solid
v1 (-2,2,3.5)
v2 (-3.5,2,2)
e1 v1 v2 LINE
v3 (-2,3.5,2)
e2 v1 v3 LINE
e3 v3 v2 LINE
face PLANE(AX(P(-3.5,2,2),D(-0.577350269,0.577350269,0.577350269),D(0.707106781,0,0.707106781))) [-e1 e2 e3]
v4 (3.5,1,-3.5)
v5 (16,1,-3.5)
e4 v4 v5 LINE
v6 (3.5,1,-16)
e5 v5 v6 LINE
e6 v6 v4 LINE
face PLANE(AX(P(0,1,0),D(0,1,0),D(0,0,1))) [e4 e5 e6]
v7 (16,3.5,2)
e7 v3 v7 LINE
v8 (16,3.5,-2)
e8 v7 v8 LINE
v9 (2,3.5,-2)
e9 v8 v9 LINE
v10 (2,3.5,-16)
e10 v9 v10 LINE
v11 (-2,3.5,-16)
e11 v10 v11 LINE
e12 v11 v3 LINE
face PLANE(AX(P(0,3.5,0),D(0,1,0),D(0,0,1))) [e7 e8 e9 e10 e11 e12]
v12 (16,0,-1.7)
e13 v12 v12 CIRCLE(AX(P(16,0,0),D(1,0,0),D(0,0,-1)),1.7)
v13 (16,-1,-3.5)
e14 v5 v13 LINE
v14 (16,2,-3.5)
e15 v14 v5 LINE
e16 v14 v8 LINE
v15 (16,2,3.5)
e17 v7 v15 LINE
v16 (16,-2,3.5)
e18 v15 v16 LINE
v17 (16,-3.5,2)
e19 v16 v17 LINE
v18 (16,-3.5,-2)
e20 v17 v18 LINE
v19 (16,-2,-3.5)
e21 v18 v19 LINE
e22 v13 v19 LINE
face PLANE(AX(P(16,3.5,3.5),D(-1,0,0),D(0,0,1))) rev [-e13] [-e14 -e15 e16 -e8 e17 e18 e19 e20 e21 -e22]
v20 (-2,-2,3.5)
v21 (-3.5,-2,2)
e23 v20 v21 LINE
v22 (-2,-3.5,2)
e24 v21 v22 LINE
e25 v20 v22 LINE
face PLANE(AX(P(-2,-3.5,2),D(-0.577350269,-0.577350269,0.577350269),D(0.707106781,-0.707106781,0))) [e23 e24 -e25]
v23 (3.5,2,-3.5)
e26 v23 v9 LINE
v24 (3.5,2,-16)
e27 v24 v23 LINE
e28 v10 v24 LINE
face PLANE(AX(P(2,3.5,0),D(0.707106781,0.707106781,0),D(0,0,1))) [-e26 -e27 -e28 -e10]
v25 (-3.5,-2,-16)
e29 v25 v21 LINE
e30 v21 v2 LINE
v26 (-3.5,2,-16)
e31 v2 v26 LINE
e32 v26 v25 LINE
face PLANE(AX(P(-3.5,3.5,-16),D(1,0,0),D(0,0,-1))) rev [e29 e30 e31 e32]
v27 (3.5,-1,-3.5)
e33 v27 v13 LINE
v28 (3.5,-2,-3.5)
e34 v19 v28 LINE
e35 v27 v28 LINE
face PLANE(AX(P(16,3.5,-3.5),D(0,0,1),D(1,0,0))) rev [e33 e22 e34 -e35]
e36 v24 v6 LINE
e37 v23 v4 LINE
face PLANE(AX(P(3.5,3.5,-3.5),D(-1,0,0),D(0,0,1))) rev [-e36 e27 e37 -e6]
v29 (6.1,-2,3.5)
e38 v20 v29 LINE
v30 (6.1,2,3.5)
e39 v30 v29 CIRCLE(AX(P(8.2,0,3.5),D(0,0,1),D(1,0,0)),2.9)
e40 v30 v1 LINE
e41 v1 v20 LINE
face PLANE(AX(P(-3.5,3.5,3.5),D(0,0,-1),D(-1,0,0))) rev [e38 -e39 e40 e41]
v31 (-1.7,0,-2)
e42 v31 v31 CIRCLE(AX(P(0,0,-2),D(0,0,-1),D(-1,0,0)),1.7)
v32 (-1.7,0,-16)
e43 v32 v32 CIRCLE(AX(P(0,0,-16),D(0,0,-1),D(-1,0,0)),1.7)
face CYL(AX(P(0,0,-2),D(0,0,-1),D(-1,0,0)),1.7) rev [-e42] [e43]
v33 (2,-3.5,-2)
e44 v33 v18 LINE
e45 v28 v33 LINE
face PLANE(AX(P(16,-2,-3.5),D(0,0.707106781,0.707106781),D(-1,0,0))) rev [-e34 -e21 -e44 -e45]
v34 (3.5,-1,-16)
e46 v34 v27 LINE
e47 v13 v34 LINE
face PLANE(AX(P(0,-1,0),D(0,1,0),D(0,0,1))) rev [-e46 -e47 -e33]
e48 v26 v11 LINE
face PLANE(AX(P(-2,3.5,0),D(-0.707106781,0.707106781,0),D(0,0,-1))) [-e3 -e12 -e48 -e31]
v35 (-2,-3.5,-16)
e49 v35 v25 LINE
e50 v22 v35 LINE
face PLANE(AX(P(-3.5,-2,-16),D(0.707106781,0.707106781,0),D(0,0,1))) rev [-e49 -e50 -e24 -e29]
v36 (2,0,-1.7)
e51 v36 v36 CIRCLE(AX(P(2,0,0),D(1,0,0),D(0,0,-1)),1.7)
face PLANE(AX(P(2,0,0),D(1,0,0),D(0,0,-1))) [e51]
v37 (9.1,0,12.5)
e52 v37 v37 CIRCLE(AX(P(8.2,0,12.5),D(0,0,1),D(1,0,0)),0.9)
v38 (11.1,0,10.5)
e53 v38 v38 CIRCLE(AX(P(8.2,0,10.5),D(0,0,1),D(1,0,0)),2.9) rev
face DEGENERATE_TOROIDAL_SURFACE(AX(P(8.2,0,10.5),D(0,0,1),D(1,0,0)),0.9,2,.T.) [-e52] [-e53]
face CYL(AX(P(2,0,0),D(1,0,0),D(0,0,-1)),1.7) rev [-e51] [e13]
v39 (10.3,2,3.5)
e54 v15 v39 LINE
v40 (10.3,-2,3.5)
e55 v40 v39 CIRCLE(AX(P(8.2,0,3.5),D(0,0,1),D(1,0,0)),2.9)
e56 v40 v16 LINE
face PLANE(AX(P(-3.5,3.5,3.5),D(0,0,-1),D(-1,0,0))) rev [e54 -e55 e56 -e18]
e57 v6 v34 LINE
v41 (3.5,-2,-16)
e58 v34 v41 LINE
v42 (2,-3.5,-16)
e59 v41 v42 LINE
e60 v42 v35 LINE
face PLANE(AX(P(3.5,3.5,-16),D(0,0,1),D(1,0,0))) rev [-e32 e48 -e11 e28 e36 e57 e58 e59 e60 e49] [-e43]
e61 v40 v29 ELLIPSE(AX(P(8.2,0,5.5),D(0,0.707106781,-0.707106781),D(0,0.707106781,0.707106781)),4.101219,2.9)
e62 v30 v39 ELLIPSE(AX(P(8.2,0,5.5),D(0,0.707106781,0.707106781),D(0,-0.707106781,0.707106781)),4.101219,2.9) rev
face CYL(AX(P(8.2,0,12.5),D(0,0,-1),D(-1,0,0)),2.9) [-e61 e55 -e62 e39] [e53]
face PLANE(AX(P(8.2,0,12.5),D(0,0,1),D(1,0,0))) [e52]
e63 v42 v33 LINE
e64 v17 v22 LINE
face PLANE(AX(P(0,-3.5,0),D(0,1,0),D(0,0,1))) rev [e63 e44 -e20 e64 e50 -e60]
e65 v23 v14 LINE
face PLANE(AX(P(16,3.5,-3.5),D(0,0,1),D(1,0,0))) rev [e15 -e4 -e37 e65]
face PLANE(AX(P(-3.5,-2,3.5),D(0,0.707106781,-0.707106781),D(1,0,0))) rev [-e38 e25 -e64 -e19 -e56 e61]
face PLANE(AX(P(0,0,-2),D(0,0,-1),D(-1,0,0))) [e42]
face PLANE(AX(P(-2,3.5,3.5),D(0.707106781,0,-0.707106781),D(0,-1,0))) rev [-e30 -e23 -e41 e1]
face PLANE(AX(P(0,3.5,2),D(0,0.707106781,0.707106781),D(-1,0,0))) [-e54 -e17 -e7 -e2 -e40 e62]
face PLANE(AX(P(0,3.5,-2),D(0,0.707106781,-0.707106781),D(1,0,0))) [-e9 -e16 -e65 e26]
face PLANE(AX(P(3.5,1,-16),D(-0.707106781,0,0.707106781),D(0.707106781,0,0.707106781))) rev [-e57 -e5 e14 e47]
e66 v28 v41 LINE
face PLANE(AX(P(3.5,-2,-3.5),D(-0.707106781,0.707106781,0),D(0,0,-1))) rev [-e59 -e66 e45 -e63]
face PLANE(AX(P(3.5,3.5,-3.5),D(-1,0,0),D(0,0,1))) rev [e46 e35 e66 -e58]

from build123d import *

# Parameters (mm, degrees)
BOSS_EXTRUDE1_DEPTH  = 3.5
SKETCH2_R            = 1.7
CUT_EXTRUDE1_DEPTH   = 14
SKETCH3_R            = 1.7
CUT_EXTRUDE2_DEPTH   = 14
BOSS_EXTRUDE2_DEPTH  = 1
CHAMFER1_SIZE        = 1.5
BOSS_EXTRUDE15_START = -0.9
SKETCH20_R           = 2.9
BOSS_EXTRUDE15_DEPTH = 9.9
FILLET1_R            = 2


with BuildPart() as part:
    # Sketch1 → Boss-Extrude1 (new, symmetric)
    with BuildSketch(Plane(origin=(0, 0, 0), x_dir=(1, 0, 0), z_dir=(0, 1, 0))):
        Polygon((-3.5, 16), (-3.5, -3.5), (16, -3.5), (16, 3.5), (3.5, 3.5), (3.5, 16), align=None)
    extrude(amount=BOSS_EXTRUDE1_DEPTH, both=True)

    # Sketch2 → Cut-Extrude1 (cut)
    with BuildSketch(Plane(origin=(0, 0, -16), x_dir=(-1, 0, 0), z_dir=(0, 0, -1))):
        Circle(SKETCH2_R)
    extrude(amount=-CUT_EXTRUDE1_DEPTH, mode=Mode.SUBTRACT)

    # Sketch3 → Cut-Extrude2 (cut)
    with BuildSketch(Plane(origin=(16, 0, 0), x_dir=(0, 0, -1), z_dir=(1, 0, 0))):
        Circle(SKETCH3_R)
    extrude(amount=-CUT_EXTRUDE2_DEPTH, mode=Mode.SUBTRACT)

    # Sketch4 → Boss-Extrude2 (add, symmetric)
    with BuildSketch(Plane(origin=(0, 0, 0), x_dir=(1, 0, 0), z_dir=(0, 1, 0))):
        Polygon((3.5, 16), (16, 3.5), (3.5, 3.5), align=None)
    extrude(amount=BOSS_EXTRUDE2_DEPTH, both=True)

    # Chamfer1
    chamfer1_edges = [part.edges().sort_by_distance(p)[0] for p in [
        (-3.5, 0, 3.5),
        (6.25, 3.5, 3.5),
        (9.75, 3.5, -3.5),
        (3.5, 3.5, -9.75),
        (3.5, -3.5, -9.75),
        (9.75, -3.5, -3.5),
        (6.25, -3.5, 3.5),
        (-3.5, -3.5, -6.25),
        (-3.5, 3.5, -6.25),
    ]]
    chamfer(chamfer1_edges, length=CHAMFER1_SIZE)

    # Sketch20 → Boss-Extrude15 (add)
    with BuildSketch(Plane.XY.offset(3.5).offset(BOSS_EXTRUDE15_START)):
        with Locations(Location((8.2, 0, 0), (0, 0, 223.602818973))):
            Circle(SKETCH20_R)
    extrude(amount=BOSS_EXTRUDE15_DEPTH)

    # Fillet1
    fillet1_edges = [part.edges().sort_by_distance(p)[0] for p in [
        (10.3, 2, 12.5),
    ]]
    fillet(fillet1_edges, radius=FILLET1_R)


solid = part.part
